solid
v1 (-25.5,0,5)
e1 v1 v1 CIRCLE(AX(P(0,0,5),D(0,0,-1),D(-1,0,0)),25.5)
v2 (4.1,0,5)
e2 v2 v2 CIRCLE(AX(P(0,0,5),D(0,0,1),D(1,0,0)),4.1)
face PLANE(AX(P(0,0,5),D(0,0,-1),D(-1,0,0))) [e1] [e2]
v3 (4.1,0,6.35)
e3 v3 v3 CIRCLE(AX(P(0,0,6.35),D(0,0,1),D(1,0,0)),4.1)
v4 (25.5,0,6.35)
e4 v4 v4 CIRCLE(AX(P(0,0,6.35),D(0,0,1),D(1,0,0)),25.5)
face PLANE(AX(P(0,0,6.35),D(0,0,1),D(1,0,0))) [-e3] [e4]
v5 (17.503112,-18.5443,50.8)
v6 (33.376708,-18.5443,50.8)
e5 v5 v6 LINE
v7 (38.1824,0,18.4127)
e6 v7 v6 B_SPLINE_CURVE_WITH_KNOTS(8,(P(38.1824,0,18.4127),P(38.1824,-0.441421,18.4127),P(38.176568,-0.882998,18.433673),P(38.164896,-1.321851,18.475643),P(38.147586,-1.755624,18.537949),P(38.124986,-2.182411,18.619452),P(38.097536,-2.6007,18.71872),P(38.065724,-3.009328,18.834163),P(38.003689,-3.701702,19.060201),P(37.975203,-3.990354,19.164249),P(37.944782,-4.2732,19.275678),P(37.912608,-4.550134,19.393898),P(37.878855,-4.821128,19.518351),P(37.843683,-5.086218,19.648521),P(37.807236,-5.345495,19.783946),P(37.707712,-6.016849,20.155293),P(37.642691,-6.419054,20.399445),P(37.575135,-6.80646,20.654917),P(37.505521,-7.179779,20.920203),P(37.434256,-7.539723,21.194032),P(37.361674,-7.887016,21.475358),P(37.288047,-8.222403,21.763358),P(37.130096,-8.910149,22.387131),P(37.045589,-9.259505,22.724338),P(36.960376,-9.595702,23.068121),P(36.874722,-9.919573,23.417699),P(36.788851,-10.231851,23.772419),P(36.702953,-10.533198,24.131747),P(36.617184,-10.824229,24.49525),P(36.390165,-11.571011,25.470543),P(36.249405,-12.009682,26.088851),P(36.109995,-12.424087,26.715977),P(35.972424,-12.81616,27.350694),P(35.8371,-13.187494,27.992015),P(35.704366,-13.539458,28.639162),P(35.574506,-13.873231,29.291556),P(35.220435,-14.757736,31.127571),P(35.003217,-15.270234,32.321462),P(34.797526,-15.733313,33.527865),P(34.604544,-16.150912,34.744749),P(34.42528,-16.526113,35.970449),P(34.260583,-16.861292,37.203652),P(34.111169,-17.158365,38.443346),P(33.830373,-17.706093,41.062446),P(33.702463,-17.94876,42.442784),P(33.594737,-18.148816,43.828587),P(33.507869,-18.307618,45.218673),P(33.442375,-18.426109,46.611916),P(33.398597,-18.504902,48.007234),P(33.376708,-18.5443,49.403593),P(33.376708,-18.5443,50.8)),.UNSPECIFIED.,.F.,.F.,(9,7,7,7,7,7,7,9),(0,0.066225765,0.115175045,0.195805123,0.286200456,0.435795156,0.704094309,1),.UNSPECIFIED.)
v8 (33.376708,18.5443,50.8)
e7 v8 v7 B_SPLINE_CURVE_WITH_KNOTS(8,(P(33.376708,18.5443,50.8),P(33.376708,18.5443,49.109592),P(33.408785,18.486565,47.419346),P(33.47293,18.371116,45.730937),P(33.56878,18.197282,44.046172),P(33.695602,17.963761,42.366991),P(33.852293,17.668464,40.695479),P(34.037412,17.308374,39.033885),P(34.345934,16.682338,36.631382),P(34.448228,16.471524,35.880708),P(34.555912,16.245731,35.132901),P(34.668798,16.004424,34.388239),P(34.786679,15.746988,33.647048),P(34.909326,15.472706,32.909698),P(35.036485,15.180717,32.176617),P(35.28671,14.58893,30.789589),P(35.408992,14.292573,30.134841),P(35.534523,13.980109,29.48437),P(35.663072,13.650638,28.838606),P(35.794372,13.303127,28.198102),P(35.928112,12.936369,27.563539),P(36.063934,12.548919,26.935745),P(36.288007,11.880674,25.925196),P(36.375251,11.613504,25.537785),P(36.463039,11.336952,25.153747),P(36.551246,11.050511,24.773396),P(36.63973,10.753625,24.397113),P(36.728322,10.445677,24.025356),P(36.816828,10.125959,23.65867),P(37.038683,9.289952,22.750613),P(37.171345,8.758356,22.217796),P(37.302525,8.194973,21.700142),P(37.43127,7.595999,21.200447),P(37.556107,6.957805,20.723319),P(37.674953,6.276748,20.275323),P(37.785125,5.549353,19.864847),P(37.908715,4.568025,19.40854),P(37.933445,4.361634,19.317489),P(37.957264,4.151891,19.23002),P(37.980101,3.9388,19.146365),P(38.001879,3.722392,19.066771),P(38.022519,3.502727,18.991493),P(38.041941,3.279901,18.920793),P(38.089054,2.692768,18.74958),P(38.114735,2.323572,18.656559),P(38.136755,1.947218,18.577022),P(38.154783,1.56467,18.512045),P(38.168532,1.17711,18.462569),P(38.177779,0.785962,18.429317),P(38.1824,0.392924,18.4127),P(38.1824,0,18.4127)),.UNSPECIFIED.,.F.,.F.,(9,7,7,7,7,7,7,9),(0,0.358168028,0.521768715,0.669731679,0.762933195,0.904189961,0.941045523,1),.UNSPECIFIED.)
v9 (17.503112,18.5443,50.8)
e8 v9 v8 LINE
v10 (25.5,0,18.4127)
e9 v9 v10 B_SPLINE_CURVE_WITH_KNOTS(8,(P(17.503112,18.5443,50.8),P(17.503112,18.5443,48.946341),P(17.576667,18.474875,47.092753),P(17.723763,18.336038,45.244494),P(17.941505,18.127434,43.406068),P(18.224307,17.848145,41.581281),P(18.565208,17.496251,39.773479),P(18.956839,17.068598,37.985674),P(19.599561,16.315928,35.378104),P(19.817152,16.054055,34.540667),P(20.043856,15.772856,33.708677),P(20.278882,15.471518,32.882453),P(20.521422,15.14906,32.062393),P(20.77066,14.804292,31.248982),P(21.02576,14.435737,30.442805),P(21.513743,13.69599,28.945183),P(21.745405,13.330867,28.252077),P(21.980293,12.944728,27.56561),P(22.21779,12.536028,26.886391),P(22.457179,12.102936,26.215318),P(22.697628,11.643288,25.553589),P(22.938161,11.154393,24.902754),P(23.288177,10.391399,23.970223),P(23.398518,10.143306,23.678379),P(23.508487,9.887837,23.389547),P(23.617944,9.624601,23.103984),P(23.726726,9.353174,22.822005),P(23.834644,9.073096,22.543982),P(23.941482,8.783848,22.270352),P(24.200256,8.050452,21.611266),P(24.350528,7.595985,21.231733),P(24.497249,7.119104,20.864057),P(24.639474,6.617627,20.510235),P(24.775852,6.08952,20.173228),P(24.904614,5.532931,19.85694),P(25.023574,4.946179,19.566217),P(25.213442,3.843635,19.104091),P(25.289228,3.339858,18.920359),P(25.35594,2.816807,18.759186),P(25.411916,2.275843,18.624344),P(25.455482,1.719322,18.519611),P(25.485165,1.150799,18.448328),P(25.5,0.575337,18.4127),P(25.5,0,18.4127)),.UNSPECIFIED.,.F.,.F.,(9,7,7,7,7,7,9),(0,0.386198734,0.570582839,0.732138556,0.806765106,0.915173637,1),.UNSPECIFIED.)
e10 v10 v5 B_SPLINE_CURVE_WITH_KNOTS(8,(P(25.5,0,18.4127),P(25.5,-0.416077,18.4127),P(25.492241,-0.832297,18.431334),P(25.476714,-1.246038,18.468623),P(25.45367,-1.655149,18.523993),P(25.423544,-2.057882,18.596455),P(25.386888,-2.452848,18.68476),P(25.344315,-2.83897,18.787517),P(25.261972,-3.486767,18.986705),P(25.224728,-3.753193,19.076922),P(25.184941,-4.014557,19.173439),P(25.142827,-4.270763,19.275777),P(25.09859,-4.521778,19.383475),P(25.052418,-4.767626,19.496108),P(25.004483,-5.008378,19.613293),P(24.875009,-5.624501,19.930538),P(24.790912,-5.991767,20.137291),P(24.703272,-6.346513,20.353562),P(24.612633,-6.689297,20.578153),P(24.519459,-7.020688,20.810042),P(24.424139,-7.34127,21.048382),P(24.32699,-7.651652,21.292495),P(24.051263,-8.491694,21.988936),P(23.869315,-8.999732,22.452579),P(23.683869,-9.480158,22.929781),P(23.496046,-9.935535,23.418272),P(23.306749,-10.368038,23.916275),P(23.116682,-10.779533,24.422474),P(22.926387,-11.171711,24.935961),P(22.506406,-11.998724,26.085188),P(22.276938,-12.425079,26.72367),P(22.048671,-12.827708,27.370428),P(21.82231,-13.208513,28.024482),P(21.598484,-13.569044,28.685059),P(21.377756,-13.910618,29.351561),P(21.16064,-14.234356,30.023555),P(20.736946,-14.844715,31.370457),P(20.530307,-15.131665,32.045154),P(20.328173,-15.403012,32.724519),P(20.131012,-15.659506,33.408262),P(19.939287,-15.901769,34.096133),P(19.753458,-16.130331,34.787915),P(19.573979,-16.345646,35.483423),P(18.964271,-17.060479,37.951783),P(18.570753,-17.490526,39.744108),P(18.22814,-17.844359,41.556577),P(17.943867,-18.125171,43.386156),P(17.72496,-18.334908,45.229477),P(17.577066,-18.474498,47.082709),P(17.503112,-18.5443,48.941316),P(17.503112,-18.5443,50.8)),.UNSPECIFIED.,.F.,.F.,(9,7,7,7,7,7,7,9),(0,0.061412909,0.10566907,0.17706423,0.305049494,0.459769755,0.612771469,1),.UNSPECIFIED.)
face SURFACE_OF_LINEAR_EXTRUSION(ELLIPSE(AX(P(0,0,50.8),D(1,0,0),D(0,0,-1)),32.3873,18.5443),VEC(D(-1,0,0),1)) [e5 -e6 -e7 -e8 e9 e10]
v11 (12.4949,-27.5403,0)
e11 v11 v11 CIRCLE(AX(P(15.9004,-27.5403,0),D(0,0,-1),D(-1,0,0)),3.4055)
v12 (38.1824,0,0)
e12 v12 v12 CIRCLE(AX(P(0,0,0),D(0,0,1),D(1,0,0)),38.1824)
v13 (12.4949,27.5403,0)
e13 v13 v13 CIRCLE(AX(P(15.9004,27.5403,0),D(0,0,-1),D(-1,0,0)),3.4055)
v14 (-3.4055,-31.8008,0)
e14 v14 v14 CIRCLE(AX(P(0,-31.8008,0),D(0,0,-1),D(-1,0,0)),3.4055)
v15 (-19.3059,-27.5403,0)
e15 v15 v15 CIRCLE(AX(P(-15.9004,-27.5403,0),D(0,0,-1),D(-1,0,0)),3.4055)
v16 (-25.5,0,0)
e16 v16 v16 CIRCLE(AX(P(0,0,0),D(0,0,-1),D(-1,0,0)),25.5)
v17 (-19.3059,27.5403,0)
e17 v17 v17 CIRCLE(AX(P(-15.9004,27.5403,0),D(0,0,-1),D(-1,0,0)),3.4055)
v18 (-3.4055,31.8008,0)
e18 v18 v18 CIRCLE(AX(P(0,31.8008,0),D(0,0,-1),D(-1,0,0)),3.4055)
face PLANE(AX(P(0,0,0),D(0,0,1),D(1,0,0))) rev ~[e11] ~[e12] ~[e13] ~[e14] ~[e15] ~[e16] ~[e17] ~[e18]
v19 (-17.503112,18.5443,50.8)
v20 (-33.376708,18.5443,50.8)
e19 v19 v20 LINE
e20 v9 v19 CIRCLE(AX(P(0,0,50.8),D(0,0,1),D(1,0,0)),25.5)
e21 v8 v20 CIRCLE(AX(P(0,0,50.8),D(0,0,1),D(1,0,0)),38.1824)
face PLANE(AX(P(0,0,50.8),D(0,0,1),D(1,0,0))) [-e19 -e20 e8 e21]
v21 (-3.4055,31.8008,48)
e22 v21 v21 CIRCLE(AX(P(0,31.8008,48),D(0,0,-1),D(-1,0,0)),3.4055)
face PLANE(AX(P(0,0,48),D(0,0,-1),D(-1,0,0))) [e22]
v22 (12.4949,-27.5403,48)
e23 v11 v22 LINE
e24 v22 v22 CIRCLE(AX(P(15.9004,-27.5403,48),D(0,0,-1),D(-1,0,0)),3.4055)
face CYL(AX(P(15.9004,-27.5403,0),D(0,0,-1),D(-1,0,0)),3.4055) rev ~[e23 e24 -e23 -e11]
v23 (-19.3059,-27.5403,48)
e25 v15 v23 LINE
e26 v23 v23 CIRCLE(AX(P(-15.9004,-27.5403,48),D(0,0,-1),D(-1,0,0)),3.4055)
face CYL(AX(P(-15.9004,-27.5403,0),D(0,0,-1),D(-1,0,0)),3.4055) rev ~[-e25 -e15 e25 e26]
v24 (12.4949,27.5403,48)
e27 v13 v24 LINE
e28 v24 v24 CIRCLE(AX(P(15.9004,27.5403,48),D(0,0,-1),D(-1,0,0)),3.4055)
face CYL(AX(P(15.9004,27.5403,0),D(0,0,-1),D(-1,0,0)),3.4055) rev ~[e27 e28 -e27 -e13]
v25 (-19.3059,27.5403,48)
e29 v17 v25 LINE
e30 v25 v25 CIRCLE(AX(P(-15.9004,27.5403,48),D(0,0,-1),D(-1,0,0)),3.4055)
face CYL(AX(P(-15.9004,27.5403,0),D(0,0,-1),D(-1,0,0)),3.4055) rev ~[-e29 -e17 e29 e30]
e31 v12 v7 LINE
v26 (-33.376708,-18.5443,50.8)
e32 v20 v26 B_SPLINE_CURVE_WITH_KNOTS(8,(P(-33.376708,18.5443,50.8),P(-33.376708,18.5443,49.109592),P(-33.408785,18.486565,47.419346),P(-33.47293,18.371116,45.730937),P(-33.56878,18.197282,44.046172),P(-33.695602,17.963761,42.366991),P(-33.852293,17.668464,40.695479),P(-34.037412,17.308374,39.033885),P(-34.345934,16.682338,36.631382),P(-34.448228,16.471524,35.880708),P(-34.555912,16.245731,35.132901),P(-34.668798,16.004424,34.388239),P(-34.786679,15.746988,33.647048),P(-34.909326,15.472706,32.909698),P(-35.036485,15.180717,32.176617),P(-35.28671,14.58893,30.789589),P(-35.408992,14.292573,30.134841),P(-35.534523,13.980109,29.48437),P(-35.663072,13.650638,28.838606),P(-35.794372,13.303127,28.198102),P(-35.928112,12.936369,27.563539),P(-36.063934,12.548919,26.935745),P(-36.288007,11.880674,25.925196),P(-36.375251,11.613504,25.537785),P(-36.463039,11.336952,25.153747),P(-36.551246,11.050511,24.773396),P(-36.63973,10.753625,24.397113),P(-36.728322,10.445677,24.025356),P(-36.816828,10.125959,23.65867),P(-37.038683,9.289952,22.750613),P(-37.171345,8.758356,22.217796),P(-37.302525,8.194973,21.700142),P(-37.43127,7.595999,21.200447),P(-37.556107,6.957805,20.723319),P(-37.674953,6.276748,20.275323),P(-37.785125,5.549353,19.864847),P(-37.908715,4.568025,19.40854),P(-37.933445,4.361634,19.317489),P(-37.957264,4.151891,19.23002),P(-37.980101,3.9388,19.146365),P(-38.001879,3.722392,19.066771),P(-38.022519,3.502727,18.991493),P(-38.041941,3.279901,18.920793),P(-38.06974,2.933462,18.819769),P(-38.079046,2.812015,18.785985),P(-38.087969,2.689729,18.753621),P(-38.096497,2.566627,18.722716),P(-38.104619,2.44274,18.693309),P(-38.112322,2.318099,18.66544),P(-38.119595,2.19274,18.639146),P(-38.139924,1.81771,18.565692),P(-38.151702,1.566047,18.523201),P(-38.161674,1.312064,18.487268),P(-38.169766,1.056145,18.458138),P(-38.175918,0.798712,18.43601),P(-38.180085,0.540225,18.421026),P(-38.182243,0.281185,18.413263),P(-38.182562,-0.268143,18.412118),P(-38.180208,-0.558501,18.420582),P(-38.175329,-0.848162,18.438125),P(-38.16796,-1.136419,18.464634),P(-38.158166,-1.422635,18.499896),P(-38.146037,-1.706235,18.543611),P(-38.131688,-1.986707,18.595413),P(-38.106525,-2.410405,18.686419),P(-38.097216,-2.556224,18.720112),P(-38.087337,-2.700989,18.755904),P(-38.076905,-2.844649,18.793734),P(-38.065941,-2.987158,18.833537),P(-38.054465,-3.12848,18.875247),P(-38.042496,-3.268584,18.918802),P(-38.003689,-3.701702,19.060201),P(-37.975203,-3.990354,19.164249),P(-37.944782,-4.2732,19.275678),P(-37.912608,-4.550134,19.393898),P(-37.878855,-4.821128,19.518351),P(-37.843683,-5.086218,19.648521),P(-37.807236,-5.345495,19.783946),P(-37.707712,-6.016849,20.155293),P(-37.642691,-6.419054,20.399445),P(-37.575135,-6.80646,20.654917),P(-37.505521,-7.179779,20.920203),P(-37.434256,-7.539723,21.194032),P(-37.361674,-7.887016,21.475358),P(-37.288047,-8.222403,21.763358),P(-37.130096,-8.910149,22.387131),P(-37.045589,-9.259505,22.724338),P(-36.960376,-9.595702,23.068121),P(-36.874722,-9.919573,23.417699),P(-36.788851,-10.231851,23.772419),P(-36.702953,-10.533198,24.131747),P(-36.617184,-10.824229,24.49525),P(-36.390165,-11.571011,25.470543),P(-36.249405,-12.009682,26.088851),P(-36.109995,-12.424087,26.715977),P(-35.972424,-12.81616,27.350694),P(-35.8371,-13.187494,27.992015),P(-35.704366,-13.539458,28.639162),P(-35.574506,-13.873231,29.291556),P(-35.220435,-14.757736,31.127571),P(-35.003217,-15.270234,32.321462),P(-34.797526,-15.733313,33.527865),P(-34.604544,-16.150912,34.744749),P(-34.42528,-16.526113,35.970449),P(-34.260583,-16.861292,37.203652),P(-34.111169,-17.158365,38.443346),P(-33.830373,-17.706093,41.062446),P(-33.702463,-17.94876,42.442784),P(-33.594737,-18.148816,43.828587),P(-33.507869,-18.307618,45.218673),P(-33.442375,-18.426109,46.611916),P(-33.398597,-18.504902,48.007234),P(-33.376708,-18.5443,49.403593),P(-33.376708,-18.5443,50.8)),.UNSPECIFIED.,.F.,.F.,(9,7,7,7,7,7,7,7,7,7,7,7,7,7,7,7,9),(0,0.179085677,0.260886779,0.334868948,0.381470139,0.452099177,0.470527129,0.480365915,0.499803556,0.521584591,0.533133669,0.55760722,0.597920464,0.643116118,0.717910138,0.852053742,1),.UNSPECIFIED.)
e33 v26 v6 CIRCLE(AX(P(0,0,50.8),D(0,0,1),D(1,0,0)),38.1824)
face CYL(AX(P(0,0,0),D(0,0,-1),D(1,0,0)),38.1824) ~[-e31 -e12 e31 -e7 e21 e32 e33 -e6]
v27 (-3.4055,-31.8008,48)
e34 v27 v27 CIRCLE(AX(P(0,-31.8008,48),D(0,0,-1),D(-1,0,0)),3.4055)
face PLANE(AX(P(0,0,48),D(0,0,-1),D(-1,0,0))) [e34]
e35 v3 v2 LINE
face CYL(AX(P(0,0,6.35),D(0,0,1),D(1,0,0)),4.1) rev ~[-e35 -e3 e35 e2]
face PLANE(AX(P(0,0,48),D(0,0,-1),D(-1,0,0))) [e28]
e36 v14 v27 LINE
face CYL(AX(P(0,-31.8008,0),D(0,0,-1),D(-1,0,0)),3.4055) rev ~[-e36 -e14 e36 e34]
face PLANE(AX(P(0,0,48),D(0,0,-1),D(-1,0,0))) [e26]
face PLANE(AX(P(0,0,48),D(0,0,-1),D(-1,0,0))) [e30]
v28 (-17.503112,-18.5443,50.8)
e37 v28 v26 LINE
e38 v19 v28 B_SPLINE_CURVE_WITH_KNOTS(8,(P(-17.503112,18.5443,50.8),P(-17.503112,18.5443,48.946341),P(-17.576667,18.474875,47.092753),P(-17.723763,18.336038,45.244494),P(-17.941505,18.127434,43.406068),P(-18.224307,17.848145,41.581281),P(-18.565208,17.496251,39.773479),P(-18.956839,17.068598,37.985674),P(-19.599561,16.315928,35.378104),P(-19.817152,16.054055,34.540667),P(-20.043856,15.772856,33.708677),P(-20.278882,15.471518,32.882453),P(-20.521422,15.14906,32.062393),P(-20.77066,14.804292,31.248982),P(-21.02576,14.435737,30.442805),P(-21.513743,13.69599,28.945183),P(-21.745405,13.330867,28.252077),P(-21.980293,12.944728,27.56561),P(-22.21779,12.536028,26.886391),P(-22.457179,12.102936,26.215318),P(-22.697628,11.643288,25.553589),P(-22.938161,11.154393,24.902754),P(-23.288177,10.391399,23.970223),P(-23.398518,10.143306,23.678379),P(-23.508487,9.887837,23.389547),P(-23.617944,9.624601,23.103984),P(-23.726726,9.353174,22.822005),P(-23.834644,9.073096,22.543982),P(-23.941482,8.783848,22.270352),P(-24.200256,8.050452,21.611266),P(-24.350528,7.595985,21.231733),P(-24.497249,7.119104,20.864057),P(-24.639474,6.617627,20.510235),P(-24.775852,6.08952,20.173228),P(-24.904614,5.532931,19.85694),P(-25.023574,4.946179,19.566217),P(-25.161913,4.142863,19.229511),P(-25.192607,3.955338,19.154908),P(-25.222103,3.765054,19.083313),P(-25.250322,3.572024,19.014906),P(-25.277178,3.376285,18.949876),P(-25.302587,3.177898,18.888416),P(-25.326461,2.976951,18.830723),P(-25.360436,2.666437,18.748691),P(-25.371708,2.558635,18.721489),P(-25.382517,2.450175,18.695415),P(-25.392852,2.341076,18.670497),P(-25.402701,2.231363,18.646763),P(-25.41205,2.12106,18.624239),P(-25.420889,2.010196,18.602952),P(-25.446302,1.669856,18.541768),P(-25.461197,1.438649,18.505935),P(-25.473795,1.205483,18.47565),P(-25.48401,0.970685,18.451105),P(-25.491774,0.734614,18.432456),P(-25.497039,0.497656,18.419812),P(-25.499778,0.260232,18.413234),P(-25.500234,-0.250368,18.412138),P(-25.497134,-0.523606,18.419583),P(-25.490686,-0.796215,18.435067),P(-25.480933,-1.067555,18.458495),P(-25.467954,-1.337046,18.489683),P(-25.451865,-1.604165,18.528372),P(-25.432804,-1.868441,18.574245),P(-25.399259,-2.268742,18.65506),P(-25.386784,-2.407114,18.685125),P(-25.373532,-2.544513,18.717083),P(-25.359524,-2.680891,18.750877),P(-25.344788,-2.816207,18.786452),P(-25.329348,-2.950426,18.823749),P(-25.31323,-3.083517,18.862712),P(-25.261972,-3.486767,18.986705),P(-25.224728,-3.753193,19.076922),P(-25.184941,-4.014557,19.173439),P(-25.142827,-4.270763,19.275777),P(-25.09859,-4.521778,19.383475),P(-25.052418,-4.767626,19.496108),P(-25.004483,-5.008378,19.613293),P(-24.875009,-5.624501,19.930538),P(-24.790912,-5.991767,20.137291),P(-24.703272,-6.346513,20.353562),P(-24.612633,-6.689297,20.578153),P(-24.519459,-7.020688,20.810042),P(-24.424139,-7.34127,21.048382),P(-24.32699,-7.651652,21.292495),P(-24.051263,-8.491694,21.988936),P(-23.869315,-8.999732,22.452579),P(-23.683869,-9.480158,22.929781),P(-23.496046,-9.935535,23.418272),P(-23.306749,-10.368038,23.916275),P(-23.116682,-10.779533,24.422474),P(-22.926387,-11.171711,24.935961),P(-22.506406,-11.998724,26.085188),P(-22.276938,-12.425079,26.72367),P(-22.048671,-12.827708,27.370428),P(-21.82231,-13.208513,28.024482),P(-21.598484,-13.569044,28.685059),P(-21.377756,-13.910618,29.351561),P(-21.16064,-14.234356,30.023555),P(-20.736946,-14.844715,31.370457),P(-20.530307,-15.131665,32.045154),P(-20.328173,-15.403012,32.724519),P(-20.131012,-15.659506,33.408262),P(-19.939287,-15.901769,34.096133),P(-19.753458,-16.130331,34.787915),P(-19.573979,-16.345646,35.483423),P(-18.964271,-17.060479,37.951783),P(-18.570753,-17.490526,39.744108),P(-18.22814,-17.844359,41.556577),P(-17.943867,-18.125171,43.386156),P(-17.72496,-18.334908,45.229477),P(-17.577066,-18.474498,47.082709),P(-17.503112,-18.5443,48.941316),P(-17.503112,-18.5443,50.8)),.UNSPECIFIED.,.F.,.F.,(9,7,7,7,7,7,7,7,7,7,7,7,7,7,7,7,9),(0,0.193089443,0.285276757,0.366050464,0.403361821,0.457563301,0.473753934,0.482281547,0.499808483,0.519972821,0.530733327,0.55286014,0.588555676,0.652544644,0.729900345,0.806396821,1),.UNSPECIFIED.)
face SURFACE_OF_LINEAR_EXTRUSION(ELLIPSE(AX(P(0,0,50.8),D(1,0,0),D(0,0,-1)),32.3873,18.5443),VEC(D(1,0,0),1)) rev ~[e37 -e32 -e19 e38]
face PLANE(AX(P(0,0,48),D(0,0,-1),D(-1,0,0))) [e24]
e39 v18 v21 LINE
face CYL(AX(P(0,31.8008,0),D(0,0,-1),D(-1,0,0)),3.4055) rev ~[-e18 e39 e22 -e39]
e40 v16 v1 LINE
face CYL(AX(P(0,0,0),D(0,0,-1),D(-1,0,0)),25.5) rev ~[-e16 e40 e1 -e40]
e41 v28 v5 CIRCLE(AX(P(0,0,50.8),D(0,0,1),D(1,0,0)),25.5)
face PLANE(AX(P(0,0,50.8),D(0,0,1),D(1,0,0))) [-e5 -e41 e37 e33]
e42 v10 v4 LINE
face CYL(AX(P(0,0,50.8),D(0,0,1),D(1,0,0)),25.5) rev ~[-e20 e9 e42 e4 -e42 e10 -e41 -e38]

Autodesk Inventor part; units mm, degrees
ref_plane "YZ Plane" through (0, 0, 0) normal (1, 0, 0) x (0, 1, 0)
ref_plane "XZ Plane" through (0, 0, 0) normal (0, 1, 0) x (-1, 0, 0)
ref_plane "XY Plane" through (0, 0, 0) normal (0, 0, 1) x (1, 0, 0)
sketch "Sketch1" plane through (0, 0, 0) normal (0, 0, 1) x (1, 0, 0)
  circle A0 centre (0, 0) radius 38.1824
extrude "Extrusion1" add sketch "Sketch1" along normal blind 50.8
sketch "Sketch2" plane through (0, 0, 0) normal (0, 0, -1) x (-1, 0, 0)
  line L0 (-10.125, -10.125) -> (10.125, -10.125) projected
  line L1 (-10.125, 10.125) -> (-10.125, -10.125) projected
  line L2 (10.125, 10.125) -> (-10.125, 10.125) projected
  line L3 (10.125, -10.125) -> (10.125, 10.125) projected
  circle A0 centre (0, 0) radius 25.4 projected
  circle A1 centre (0, 0) radius 25.5
  dimension "d22" = 51
  dimension "d23" = 50.8
extrude "Extrusion2" cut sketch "Sketch2" against normal blind 5 contours L1 L2 L3 L0 | A0 | A1
sketch "Sketch4" plane through (0, 0, 50.8) normal (0, 0, 1) x (1, 0, 0)
  circle A0 centre (0, 0) radius 25.5 projected
  circle A1 centre (0, 0) radius 25.5
extrude "Extrusion4" cut sketch "Sketch4" against normal blind 44.45
ref_plane "Work Plane1" through (0, 10, -2.54) normal (1, 0, 0) x (0, -1, 0)
sketch "Sketch5" plane through (0, 10, -2.54) normal (1, 0, 0) x (0, -1, 0)
  line L0 (-28.1824, -53.34) -> (48.1824, -53.34) projected
  ellipse E0 centre (10, -53.34) end of major axis (28.5443, -53.34) minor radius 32.3873 (28.5443, -53.34) -> (-8.5443, -53.34) ccw
  point P0 (10, -2.54)
extrude "Extrusion5" cut sketch "Sketch5" along normal through all both and the other way through all
sketch "Sketch6" plane through (0, 10, -2.54) normal (1, 0, 0) x (0, -1, 0)
  point P0 (10, -2.54)
sketch "Sketch7" plane through (0, 0, 6.35) normal (0, 0, 1) x (1, 0, 0)
  circle A0 centre (0, 0) radius 3.975 projected
  circle A1 centre (0, 0) radius 4.1
  dimension "d12" = 8.2
extrude "Extrusion6" cut sketch "Sketch7" against normal blind 10 contours A0 | A1
sketch "Sketch8" plane through (0, 0, 0) normal (0, 0, -1) x (-1, 0, 0)
  circle A0 centre (0, 0) radius 25.4 projected
  line L0 (-17.5031, 18.5443) -> (-33.3767, 18.5443) projected
  line L1 (-33.3767, -18.5443) -> (-17.5031, -18.5443) projected
  line L2 (17.5031, -18.5443) -> (33.3767, -18.5443) projected
  line L3 (33.3767, 18.5443) -> (17.5031, 18.5443) projected
  circle A1 centre (0, 31.8008) radius 3.4055
  circle A2 centre (-15.9004, 27.5403) radius 3.4055
  circle A3 centre (-27.5403, 15.9004) radius 3.4055
  circle A4 centre (-31.8008, 0) radius 3.4055
  circle A5 centre (-27.5403, -15.9004) radius 3.4055
  circle A6 centre (-15.9004, -27.5403) radius 3.4055
  circle A7 centre (0, -31.8008) radius 3.4055
  circle A8 centre (15.9004, -27.5403) radius 3.4055
  circle A9 centre (27.5403, -15.9004) radius 3.4055
  circle A10 centre (31.8008, 0) radius 3.4055
  circle A11 centre (27.5403, 15.9004) radius 3.4055
  circle A12 centre (15.9004, 27.5403) radius 3.4055
  dimension "d15" = 6.811
  dimension "d18" = 360
sketch "Sketch9" plane through (0, 0, 0) normal (0, 0, -1) x (-1, 0, 0)
  circle A0 centre (0, 31.8008) radius 3.4055 projected
  circle A1 centre (15.9004, 27.5403) radius 3.4055 projected
  circle A2 centre (-15.9004, 27.5403) radius 3.4055 projected
  circle A3 centre (-15.9004, -27.5403) radius 3.4055 projected
  circle A4 centre (0, -31.8008) radius 3.4055 projected
  circle A5 centre (15.9004, -27.5403) radius 3.4055 projected
  circle A6 centre (0, 31.8008) radius 3.4055
  circle A7 centre (15.9004, 27.5403) radius 3.4055
  circle A8 centre (-15.9004, 27.5403) radius 3.4055
  circle A9 centre (-15.9004, -27.5403) radius 3.4055
  circle A10 centre (0, -31.8008) radius 3.4055
  circle A11 centre (15.9004, -27.5403) radius 3.4055
  point P0 (0, 0)
extrude "Extrusion7" cut sketch "Sketch8" against normal blind 48 contours A1 | A2 | A6 | A7 | A8 | A12
properties part number "Launchpad"
